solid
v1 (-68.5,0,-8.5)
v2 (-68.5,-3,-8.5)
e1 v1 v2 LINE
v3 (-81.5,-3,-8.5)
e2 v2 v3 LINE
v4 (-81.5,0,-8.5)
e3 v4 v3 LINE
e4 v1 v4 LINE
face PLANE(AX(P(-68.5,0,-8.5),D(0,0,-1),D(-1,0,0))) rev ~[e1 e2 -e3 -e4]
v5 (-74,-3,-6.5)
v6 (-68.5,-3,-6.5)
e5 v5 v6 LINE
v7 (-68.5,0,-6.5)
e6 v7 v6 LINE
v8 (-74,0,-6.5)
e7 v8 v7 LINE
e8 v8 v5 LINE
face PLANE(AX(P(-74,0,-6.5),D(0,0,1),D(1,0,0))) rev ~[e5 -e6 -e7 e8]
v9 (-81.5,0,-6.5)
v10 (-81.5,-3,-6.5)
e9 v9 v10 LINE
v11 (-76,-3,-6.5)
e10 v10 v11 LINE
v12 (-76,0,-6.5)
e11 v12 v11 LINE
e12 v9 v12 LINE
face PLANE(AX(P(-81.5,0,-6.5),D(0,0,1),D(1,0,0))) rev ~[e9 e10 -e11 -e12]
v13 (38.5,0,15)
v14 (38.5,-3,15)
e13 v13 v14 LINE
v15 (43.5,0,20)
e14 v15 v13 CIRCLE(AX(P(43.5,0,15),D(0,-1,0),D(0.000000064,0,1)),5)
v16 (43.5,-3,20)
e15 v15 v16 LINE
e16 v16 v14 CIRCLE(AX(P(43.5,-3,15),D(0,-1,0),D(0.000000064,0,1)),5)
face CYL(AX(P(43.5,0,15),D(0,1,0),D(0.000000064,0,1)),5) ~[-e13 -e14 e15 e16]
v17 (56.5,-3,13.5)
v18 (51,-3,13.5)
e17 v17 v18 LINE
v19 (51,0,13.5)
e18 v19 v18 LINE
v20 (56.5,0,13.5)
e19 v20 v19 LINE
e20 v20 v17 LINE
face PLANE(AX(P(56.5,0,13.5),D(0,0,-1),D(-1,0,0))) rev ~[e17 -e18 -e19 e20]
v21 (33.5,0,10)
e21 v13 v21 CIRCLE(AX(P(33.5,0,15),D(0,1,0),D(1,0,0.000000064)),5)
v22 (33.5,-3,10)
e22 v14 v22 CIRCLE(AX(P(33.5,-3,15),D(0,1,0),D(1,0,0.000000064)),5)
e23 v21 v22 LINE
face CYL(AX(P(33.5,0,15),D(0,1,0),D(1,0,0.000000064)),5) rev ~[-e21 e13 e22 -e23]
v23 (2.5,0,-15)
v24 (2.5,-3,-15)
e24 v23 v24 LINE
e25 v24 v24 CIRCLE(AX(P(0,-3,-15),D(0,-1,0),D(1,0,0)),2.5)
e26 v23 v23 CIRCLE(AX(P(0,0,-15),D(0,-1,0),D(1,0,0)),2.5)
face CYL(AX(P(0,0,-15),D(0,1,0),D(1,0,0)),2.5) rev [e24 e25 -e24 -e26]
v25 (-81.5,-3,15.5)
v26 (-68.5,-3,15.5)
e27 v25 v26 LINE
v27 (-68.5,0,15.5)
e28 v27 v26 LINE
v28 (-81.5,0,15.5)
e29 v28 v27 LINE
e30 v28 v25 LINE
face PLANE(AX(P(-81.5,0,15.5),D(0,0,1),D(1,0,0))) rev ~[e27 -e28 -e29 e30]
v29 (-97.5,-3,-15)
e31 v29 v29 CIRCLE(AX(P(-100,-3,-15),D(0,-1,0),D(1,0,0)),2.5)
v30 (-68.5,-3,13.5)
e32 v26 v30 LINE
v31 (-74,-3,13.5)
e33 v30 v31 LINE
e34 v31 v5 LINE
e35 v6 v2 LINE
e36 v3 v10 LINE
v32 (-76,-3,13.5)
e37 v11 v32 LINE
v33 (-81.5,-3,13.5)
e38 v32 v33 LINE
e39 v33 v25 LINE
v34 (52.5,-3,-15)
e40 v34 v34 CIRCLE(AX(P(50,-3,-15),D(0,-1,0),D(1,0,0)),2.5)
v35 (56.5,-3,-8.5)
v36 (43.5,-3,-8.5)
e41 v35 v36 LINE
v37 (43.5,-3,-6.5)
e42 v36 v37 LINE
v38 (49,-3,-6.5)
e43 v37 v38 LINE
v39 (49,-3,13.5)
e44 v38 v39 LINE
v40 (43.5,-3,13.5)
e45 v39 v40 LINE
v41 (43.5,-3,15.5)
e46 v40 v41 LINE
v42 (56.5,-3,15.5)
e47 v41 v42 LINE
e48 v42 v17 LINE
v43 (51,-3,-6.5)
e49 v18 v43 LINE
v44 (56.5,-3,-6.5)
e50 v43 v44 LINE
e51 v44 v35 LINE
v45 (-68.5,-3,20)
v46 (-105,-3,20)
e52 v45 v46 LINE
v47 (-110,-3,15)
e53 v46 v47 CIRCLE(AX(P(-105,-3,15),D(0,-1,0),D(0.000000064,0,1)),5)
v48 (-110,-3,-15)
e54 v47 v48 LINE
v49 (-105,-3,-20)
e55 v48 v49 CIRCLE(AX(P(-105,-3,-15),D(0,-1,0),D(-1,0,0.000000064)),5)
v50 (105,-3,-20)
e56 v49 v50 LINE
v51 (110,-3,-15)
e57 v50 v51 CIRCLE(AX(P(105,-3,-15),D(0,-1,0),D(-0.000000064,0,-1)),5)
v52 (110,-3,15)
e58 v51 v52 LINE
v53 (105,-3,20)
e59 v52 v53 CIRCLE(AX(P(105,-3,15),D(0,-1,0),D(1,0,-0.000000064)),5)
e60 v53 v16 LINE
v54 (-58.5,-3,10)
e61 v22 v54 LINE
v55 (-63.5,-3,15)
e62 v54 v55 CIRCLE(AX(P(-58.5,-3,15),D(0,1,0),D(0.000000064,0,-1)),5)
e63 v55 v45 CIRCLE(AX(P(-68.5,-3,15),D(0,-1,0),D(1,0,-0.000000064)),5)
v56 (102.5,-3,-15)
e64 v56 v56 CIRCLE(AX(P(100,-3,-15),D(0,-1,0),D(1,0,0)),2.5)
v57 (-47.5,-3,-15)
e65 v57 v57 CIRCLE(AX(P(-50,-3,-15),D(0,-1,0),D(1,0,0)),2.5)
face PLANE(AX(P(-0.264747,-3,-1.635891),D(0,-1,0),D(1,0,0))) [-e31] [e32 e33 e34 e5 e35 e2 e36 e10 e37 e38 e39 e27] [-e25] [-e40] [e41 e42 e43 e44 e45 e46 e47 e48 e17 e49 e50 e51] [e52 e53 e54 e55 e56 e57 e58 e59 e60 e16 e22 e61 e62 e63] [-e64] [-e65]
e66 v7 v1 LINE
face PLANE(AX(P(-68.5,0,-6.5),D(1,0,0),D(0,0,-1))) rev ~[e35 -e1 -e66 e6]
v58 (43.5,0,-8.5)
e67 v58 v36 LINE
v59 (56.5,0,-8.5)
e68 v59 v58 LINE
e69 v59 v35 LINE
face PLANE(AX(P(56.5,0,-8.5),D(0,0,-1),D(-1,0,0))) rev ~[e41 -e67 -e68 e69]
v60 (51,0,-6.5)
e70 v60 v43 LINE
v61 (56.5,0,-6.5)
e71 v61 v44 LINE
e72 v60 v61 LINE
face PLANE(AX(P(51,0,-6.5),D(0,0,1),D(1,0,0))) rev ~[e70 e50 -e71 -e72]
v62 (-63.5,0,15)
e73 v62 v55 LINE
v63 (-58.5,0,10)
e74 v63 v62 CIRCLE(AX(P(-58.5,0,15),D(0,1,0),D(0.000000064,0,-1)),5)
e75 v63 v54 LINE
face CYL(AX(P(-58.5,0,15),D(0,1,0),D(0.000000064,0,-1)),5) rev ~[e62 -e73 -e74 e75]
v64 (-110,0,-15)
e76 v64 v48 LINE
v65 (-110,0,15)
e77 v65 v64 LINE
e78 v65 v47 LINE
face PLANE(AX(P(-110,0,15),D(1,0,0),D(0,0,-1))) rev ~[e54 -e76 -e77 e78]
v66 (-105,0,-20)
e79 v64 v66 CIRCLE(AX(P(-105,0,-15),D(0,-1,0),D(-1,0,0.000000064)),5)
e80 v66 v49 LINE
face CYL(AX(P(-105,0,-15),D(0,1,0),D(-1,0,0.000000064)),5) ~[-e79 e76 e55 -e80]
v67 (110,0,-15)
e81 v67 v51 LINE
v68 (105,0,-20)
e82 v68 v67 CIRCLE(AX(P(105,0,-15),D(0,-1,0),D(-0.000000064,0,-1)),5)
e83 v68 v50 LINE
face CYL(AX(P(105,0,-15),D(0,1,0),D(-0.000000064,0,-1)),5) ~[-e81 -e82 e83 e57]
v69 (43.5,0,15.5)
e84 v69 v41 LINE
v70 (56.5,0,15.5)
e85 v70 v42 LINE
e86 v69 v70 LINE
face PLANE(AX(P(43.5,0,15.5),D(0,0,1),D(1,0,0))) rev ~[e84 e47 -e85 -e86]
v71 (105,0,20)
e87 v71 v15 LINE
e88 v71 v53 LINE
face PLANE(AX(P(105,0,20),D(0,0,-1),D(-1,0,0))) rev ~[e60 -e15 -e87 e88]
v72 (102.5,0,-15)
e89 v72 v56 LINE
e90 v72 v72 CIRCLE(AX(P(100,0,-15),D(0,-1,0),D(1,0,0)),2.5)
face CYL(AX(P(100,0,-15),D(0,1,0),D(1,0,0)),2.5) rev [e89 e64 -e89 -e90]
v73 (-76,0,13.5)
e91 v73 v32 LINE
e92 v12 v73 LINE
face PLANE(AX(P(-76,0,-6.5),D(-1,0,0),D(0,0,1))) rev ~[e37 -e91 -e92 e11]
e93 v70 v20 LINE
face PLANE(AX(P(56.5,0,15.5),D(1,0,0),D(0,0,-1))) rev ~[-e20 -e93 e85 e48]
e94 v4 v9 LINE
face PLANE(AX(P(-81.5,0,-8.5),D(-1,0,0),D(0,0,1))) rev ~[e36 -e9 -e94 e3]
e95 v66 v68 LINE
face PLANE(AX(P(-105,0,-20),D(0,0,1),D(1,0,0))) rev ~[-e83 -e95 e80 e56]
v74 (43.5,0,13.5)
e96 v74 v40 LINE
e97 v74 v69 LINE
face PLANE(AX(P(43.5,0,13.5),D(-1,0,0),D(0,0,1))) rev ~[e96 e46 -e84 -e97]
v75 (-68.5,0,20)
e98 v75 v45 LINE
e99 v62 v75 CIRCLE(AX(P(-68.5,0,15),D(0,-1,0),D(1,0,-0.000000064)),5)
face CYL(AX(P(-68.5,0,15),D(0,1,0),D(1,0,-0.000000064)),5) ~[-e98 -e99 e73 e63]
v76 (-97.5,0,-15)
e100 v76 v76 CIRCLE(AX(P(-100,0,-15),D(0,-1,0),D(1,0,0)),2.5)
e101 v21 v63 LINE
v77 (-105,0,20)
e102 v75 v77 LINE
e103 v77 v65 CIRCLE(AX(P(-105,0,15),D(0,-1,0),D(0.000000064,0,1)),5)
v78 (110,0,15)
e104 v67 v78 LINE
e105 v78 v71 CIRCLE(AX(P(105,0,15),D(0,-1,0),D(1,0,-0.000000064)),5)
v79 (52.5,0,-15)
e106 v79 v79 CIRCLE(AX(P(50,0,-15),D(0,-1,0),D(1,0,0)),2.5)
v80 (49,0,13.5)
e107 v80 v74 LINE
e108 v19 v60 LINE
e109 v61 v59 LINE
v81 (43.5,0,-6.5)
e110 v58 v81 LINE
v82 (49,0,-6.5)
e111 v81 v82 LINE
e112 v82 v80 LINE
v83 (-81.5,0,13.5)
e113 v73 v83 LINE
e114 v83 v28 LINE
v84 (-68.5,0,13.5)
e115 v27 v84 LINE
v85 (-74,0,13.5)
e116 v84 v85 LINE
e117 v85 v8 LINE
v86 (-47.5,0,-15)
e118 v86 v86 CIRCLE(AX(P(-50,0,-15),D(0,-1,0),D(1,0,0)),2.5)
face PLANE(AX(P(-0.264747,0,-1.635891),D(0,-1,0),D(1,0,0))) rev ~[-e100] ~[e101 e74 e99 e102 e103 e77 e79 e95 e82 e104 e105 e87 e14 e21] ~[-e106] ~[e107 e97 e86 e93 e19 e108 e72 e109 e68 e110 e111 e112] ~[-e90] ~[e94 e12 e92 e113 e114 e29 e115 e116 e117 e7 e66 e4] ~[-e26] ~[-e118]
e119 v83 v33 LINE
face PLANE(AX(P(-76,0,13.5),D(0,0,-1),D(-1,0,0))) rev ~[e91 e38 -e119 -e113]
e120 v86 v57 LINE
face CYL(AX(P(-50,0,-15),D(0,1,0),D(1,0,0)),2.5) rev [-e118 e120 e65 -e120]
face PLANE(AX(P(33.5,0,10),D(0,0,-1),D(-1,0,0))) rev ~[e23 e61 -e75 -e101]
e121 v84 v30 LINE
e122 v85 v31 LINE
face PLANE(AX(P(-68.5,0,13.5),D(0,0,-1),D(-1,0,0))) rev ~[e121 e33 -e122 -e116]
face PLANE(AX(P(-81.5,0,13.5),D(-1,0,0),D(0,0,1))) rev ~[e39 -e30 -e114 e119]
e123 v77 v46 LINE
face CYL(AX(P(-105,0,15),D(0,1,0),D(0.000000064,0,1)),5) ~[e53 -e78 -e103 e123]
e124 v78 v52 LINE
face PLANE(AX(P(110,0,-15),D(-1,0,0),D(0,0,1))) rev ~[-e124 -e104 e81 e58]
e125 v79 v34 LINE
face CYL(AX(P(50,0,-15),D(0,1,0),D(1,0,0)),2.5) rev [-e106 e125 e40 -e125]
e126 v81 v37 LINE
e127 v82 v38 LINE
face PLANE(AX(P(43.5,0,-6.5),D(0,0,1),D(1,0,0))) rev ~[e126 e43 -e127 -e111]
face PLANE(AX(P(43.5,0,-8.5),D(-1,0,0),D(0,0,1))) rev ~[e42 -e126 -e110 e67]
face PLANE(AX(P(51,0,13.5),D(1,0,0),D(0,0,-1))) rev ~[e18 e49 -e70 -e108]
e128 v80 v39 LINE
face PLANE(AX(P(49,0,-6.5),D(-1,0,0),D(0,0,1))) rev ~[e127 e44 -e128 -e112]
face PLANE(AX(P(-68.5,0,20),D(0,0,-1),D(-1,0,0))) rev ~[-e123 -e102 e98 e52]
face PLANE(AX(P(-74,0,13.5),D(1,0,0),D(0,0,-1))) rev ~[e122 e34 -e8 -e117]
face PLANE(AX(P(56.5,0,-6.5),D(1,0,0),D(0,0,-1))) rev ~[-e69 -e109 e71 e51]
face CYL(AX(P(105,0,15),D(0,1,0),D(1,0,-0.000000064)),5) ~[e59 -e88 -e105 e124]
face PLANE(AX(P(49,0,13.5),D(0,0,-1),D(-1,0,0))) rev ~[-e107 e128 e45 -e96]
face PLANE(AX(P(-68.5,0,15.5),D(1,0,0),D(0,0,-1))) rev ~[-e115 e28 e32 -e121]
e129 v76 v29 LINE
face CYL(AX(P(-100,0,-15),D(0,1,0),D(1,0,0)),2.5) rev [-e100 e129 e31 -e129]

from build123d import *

# Parameters (mm, degrees)
F0_R     = 2.5
F1_DEPTH = 3


with BuildPart() as f1:
    # F0 (on Front) → F1 (new body)
    with BuildSketch(Plane.XZ):
        with BuildLine():
            Line((-68.5, 20), (-105, 20))
            ThreePointArc((-105, 20), (-108.535534, 18.535534), (-110, 15))
            Line((-110, 15), (-110, -15))
            ThreePointArc((-110, -15), (-108.535534, -18.535534), (-105, -20))
            Line((-105, -20), (105, -20))
            ThreePointArc((105, -20), (108.535534, -18.535534), (110, -15))
            Line((110, -15), (110, 15))
            ThreePointArc((110, 15), (108.535534, 18.535534), (105, 20))
            Line((105, 20), (43.5, 20))
            ThreePointArc((43.5, 20), (39.964466, 18.535534), (38.5, 15))
            ThreePointArc((38.5, 15), (37.035534, 11.464466), (33.5, 10))
            Line((33.5, 10), (-58.5, 10))
            ThreePointArc((-58.5, 10), (-62.035534, 11.464466), (-63.5, 15))
            ThreePointArc((-63.5, 15), (-64.964466, 18.535534), (-68.5, 20))
        make_face()
        with Locations((-100, -15)):
            Circle(F0_R, mode=Mode.SUBTRACT)
        with Locations((-50, -15)):
            Circle(F0_R, mode=Mode.SUBTRACT)
        with Locations((0, -15)):
            Circle(F0_R, mode=Mode.SUBTRACT)
        with Locations((50, -15)):
            Circle(F0_R, mode=Mode.SUBTRACT)
        with Locations((100, -15)):
            Circle(F0_R, mode=Mode.SUBTRACT)
        Polygon((-81.5, 13.5), (-81.5, 15.5), (-68.5, 15.5), (-68.5, 13.5), (-74, 13.5), (-74, -6.5), (-68.5, -6.5), (-68.5, -8.5), (-81.5, -8.5), (-81.5, -6.5), (-76, -6.5), (-76, 13.5), align=None, mode=Mode.SUBTRACT)
        Polygon((43.5, -6.5), (49, -6.5), (49, 13.5), (43.5, 13.5), (43.5, 15.5), (56.5, 15.5), (56.5, 13.5), (51, 13.5), (51, -6.5), (56.5, -6.5), (56.5, -8.5), (43.5, -8.5), align=None, mode=Mode.SUBTRACT)
    extrude(amount=F1_DEPTH)


solid = f1.part
